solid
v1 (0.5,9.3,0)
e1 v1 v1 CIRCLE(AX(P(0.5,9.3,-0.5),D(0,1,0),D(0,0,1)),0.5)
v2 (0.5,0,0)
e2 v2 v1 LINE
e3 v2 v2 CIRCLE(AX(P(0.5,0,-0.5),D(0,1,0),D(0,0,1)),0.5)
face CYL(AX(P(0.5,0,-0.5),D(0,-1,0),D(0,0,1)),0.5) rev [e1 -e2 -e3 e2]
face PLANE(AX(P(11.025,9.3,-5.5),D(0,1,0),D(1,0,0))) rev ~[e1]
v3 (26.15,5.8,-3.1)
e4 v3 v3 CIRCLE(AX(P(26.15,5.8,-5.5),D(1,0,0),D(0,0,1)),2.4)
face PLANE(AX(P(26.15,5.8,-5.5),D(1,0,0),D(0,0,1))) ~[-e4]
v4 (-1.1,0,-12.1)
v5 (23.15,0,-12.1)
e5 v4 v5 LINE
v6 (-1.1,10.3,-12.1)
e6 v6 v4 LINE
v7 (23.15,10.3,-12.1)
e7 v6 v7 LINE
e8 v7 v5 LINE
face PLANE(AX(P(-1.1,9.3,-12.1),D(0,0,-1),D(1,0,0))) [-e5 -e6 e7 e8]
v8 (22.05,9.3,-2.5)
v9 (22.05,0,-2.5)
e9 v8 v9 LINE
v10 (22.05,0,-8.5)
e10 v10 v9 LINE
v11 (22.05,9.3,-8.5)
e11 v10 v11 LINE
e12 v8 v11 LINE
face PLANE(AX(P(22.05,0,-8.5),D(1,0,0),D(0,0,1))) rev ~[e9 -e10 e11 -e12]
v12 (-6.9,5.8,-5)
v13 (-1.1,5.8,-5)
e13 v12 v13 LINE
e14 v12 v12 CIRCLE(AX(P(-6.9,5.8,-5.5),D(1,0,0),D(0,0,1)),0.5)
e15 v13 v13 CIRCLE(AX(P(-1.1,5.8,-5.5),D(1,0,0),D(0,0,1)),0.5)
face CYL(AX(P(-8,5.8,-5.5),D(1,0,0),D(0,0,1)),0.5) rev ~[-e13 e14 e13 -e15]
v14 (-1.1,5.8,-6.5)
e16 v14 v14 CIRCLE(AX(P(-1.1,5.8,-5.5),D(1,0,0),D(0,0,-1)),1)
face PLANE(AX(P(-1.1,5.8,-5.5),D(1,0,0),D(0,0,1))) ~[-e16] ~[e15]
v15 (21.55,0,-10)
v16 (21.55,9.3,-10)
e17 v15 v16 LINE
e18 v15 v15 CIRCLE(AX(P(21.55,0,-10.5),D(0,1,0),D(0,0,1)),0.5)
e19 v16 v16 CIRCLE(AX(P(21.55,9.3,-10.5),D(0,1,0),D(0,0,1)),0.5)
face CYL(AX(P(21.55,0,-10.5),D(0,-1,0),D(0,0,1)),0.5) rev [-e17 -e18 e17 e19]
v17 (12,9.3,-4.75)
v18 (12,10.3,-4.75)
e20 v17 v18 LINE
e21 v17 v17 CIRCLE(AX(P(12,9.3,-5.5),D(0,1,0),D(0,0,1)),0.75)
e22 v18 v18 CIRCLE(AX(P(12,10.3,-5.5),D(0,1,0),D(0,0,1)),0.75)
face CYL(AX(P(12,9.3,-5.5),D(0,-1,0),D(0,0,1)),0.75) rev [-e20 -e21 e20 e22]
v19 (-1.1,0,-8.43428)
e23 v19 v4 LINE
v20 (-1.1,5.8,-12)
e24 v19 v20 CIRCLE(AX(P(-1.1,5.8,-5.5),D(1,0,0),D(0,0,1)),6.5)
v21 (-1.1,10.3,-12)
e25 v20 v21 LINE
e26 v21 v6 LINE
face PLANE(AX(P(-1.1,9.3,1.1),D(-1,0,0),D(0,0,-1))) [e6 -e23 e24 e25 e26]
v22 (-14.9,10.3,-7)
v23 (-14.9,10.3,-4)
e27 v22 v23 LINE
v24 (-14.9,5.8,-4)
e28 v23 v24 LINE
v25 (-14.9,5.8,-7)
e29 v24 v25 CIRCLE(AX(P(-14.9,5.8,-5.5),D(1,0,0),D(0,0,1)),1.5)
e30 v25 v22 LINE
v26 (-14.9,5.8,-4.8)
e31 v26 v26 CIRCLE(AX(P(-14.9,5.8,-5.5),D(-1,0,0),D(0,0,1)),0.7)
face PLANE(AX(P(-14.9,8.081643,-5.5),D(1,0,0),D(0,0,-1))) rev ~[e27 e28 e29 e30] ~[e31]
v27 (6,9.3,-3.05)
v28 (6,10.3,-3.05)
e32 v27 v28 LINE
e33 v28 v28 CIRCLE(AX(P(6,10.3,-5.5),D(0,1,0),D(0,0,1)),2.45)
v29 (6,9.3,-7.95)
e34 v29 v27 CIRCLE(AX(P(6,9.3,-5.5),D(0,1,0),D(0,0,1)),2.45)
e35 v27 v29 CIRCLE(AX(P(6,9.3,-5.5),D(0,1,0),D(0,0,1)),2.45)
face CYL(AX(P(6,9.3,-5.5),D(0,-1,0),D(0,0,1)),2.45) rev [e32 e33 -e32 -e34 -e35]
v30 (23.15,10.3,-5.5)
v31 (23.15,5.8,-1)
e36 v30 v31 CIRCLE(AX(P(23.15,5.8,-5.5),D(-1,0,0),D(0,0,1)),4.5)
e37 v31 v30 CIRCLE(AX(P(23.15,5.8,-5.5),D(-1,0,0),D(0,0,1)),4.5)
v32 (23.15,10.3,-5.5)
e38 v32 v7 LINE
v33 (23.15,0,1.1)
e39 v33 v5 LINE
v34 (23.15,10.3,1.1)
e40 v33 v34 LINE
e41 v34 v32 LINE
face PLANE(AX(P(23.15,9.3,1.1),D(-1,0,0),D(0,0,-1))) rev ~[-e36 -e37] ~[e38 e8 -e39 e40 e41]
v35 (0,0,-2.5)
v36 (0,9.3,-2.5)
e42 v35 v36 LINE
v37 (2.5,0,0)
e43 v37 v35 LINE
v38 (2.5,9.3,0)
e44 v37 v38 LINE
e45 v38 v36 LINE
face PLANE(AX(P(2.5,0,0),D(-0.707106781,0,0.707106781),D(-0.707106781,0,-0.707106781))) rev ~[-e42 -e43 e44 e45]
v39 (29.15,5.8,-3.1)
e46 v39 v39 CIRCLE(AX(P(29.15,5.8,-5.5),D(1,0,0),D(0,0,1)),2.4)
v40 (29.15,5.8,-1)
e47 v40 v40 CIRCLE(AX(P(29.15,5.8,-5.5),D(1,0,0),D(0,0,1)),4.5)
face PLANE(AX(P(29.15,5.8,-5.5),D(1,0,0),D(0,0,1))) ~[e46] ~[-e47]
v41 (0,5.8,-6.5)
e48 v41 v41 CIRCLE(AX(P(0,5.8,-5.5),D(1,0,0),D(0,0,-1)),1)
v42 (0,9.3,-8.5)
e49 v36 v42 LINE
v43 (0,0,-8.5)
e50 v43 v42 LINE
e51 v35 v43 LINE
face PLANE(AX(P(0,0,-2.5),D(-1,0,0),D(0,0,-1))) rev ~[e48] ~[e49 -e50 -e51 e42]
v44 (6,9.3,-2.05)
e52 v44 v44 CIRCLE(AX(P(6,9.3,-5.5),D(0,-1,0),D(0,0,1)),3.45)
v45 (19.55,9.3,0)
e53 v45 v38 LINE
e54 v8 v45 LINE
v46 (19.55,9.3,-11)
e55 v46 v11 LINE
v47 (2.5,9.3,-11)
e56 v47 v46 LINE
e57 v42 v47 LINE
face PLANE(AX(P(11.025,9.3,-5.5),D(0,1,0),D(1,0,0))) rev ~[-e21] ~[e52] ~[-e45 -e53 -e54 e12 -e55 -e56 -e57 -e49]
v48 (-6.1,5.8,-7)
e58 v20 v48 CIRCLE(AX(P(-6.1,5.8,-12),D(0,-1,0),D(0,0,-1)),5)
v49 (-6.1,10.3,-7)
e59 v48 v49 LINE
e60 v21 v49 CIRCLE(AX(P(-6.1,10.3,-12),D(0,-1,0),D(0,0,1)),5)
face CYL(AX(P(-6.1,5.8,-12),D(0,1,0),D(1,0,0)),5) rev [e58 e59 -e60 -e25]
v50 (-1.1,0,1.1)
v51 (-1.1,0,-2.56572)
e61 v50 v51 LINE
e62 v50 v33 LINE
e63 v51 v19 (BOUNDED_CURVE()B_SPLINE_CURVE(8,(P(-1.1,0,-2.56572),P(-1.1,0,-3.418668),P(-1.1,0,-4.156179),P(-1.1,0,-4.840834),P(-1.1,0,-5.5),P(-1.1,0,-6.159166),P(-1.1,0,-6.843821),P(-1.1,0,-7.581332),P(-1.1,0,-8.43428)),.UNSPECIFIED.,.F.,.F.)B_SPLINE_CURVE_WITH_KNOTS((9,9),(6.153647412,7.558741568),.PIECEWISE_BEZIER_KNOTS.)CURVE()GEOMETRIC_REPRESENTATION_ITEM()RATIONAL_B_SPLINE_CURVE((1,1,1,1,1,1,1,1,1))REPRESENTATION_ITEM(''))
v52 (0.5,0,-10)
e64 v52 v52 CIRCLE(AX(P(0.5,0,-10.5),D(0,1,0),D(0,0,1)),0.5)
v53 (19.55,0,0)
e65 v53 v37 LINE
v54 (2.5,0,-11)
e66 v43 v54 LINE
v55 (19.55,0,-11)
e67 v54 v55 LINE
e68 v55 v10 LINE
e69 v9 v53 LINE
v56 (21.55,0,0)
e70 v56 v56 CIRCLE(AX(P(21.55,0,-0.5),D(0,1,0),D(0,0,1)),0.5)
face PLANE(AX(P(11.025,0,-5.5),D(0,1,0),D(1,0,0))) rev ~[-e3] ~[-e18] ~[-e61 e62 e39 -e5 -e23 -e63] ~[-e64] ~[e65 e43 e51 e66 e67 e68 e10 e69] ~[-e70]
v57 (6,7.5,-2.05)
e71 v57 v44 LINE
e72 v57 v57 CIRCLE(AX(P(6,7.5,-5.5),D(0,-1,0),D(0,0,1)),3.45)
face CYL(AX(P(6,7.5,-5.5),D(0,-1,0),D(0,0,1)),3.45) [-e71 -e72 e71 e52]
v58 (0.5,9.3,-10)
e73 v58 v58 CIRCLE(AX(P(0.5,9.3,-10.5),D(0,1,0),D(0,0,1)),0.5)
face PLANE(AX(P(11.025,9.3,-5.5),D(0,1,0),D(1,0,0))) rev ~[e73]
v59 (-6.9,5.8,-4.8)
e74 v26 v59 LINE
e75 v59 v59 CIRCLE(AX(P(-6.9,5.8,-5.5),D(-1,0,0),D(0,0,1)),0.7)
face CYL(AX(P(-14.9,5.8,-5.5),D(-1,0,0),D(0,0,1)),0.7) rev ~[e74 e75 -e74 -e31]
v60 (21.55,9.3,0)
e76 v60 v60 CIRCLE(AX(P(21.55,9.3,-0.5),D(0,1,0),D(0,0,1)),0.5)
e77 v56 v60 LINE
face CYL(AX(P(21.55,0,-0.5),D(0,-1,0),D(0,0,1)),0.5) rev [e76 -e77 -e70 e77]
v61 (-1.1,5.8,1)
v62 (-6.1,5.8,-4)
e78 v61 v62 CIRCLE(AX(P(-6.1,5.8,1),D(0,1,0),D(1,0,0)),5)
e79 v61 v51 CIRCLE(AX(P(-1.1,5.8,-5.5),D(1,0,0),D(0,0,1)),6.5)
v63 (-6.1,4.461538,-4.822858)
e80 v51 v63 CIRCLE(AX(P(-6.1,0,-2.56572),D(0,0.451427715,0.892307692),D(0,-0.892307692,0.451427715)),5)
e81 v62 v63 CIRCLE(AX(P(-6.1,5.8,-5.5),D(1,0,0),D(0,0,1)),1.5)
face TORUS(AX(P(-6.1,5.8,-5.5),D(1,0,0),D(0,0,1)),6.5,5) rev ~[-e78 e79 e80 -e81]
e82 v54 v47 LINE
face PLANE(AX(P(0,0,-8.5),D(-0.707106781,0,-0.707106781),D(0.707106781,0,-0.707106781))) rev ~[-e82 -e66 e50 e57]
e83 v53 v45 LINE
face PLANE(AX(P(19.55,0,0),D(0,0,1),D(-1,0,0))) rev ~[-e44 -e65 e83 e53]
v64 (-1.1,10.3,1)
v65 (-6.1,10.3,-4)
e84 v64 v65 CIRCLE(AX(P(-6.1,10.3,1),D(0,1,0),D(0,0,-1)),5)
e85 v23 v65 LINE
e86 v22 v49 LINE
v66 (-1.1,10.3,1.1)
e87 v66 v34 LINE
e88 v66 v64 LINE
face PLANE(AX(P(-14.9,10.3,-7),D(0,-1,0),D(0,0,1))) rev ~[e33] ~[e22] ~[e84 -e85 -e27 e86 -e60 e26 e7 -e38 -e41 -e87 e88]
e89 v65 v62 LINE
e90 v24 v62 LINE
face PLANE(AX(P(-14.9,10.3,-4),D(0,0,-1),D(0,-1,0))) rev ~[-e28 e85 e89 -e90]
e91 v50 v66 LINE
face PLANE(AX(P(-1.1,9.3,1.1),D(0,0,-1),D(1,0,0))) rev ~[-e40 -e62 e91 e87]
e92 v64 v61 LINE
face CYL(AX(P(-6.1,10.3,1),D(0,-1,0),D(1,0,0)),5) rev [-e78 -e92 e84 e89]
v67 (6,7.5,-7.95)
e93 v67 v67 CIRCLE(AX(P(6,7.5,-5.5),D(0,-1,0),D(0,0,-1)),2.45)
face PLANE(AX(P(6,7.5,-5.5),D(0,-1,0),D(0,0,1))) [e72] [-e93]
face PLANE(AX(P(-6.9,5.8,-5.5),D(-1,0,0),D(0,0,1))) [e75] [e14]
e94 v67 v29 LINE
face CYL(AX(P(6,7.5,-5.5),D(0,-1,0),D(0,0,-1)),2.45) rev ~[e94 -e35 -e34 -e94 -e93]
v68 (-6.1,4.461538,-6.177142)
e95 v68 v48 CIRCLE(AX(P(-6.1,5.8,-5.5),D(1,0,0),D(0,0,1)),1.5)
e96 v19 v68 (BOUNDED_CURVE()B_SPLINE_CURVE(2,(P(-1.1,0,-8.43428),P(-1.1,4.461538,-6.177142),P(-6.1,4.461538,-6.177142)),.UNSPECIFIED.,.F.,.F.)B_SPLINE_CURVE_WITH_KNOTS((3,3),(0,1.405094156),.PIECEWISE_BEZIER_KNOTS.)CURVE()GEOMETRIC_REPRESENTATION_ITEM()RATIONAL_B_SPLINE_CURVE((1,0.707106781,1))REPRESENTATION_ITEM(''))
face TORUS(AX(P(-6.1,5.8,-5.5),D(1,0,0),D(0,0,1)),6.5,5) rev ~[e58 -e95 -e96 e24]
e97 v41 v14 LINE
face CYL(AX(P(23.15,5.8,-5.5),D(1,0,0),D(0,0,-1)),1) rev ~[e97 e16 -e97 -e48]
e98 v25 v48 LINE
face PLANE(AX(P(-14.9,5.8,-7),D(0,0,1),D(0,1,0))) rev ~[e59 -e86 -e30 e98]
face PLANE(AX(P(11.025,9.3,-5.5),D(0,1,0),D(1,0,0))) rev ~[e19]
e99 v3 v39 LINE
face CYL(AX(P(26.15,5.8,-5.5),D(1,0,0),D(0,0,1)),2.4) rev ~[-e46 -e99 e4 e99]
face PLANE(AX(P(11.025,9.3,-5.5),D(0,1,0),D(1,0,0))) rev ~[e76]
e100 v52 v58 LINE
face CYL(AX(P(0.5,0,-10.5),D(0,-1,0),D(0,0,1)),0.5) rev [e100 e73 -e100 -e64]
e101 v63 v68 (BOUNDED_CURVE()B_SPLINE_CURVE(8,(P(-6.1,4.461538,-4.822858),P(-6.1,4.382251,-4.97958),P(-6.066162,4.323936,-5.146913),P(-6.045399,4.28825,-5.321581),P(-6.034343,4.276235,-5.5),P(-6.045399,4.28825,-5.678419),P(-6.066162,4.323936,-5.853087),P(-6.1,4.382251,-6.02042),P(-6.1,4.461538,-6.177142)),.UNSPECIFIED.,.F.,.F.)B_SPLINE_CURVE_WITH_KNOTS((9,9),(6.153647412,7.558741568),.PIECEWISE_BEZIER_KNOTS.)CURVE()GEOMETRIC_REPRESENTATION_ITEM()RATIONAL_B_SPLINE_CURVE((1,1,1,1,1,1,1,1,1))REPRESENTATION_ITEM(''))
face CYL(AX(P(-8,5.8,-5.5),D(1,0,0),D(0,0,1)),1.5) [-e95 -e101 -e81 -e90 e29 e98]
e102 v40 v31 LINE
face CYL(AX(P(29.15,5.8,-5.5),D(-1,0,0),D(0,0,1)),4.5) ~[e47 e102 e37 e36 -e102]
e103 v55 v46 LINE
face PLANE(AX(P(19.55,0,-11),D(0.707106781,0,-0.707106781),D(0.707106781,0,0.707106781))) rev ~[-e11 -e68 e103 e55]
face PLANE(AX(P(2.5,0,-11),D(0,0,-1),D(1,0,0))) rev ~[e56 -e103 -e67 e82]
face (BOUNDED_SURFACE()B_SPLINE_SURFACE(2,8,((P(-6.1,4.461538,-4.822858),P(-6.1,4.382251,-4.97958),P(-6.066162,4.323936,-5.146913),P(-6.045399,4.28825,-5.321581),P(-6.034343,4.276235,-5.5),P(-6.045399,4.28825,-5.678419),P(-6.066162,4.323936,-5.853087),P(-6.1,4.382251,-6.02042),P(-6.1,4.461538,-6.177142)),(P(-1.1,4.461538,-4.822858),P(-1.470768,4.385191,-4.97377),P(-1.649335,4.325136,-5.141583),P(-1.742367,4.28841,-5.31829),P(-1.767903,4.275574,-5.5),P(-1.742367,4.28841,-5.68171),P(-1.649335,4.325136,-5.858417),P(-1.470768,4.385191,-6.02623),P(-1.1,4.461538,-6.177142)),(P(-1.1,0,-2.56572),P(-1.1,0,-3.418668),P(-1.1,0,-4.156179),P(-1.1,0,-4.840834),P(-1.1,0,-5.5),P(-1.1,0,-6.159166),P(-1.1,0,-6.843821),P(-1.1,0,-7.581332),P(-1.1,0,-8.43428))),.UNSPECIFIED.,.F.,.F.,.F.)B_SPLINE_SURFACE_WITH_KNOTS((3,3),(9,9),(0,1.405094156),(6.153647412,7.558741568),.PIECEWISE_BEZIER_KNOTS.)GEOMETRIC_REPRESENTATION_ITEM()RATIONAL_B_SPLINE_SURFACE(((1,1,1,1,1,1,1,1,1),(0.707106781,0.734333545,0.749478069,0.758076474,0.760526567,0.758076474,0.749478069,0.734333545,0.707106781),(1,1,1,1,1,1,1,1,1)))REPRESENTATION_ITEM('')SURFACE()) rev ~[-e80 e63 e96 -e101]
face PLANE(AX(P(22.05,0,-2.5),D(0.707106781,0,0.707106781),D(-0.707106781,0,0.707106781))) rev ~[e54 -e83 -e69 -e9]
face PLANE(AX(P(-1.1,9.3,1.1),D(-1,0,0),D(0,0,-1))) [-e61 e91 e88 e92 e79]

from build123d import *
from build123d.topology import SkipClean

# Parameters (mm, degrees)
ESQUISSE2_W             = 24.25
ESQUISSE2_H             = 13.2
ESQUISSE2_R             = 0.5
BOSS_EXTRU_1_DEPTH      = 9.3
ESQUISSE3_W             = 24.25
ESQUISSE3_H             = 13.2
ESQUISSE3_R             = 2.45
ESQUISSE3_R_2           = 0.75
BOSS_EXTRU_2_DEPTH      = 1
ESQUISSE4_R             = 1
ENL_V_MAT_EXTRU_1_DEPTH = 29.992455915
ESQUISSE5_W             = 13.8
ESQUISSE5_H             = 1
BOSS_EXTRU_3_DEPTH      = 13.8
CONG_1_R                = 5
BOSS_EXTRU_4_START      = 1.8
ESQUISSE8_R             = 3.45
ESQUISSE8_R_2           = 2.45
BOSS_EXTRU_4_DEPTH      = 1.8
ESQUISSE9_R             = 0.7
ENL_V_MAT_EXTRU_2_DEPTH = 8


with BuildPart() as part:
    # Esquisse2 → Boss.-Extru.1 (new body)
    with BuildSketch(Plane(origin=(0, 0, 0), x_dir=(1, 0, 0), z_dir=(0, 1, 0))):
        with Locations((11.025, 5.5)):
            Rectangle(ESQUISSE2_W, ESQUISSE2_H)
        Polygon((0, 8.5), (2.5, 11), (19.55, 11), (22.05, 8.5), (22.05, 2.5), (19.55, 0), (2.5, 0), (0, 2.5), align=None, mode=Mode.SUBTRACT)
        with Locations(Location((0.5, 10.5, 0), (0, 0, 270))):
            Circle(ESQUISSE2_R, mode=Mode.SUBTRACT)
        with Locations(Location((21.55, 10.5, 0), (0, 0, 270))):
            Circle(ESQUISSE2_R, mode=Mode.SUBTRACT)
        with Locations(Location((0.5, 0.5, 0), (0, 0, 270))):
            Circle(ESQUISSE2_R, mode=Mode.SUBTRACT)
        with Locations(Location((21.55, 0.5, 0), (0, 0, 270))):
            Circle(ESQUISSE2_R, mode=Mode.SUBTRACT)
    extrude(amount=BOSS_EXTRU_1_DEPTH)

    # Esquisse3 → Boss.-Extru.2 (add)
    with BuildSketch(Plane(origin=(0, 9.3, 0), x_dir=(1, 0, 0), z_dir=(0, 1, 0))):
        with Locations((11.025, 5.5)):
            Rectangle(ESQUISSE3_W, ESQUISSE3_H)
        with Locations(Location((6, 5.5, 0), (0, 0, 270))):
            Circle(ESQUISSE3_R, mode=Mode.SUBTRACT)
        with Locations(Location((12, 5.5, 0), (0, 0, 270))):
            Circle(ESQUISSE3_R_2, mode=Mode.SUBTRACT)
    extrude(amount=BOSS_EXTRU_2_DEPTH)

    # Esquisse4 → Enlèv. mat.-Extru.1 (cut, through all)
    with BuildSketch(Plane(origin=(23.15, 0, 0), x_dir=(0, 0, -1), z_dir=(1, 0, 0))):
        with Locations((5.5, 5.8)):
            Circle(ESQUISSE4_R)
    extrude(amount=-ENL_V_MAT_EXTRU_1_DEPTH, mode=Mode.SUBTRACT)

    # Esquisse5 → Révolution1 (revolve)
    with BuildSketch(Plane.XY.offset(-5.5), mode=Mode.PRIVATE) as r_volution1_sk:
        with Locations((-8, 6.8)):
            Rectangle(ESQUISSE5_W, ESQUISSE5_H)
        Polygon((22.05, 10.3), (22.05, 5.8), (26.15, 5.8), (26.15, 8.2), (29.15, 8.2), (29.15, 10.3), align=None)
    revolve(r_volution1_sk.sketch.rotate(Axis((-19.031616201, 5.8, -5.5), (1, 0, 0)), 90), axis=Axis((-19.031616201, 5.8, -5.5), (1, 0, 0)))

    # Esquisse6 → Boss.-Extru.3 (add)
    with BuildSketch(Plane.ZY.offset(14.9)):
        with BuildLine():
            Line((-7, 5.8), (-7, 10.3))
            Line((-7, 10.3), (-4, 10.3))
            Line((-4, 10.3), (-4, 5.8))
            ThreePointArc((-4, 5.8), (-5.5, 7.3), (-7, 5.8))
        make_face()
    extrude(amount=-BOSS_EXTRU_3_DEPTH)

    # Congé1
    cong_1_edges = [part.edges().sort_by_distance(p)[0] for p in [
        (-1.1, 8.05, -4),
        (-1.1, 8.05, -7),
        (-1.1, 4.3, -5.5),
    ]]
    fillet(cong_1_edges, radius=CONG_1_R)

    # Esquisse8 → Boss.-Extru.4 (add)
    with SkipClean():  # the faces are left unmerged after this step: merging them gives an invalid solid
        with BuildSketch(Plane.XZ.offset(-9.3).offset(BOSS_EXTRU_4_START)):
            with Locations(Location((6, -5.5, 0), (0, 0, 90))):
                Circle(ESQUISSE8_R)
            with Locations(Location((6, -5.5, 0), (0, 0, 270))):
                Circle(ESQUISSE8_R_2, mode=Mode.SUBTRACT)
        extrude(amount=-BOSS_EXTRU_4_DEPTH)

    # Esquisse9 → Enlèv. mat.-Extru.2 (cut)
    with SkipClean():  # the faces are left unmerged after this step: merging them gives an invalid solid
        with BuildSketch(Plane.ZY.offset(14.9)):
            with Locations((-5.5, 5.8)):
                Circle(ESQUISSE9_R)
        extrude(amount=-ENL_V_MAT_EXTRU_2_DEPTH, mode=Mode.SUBTRACT)


solid = part.part
